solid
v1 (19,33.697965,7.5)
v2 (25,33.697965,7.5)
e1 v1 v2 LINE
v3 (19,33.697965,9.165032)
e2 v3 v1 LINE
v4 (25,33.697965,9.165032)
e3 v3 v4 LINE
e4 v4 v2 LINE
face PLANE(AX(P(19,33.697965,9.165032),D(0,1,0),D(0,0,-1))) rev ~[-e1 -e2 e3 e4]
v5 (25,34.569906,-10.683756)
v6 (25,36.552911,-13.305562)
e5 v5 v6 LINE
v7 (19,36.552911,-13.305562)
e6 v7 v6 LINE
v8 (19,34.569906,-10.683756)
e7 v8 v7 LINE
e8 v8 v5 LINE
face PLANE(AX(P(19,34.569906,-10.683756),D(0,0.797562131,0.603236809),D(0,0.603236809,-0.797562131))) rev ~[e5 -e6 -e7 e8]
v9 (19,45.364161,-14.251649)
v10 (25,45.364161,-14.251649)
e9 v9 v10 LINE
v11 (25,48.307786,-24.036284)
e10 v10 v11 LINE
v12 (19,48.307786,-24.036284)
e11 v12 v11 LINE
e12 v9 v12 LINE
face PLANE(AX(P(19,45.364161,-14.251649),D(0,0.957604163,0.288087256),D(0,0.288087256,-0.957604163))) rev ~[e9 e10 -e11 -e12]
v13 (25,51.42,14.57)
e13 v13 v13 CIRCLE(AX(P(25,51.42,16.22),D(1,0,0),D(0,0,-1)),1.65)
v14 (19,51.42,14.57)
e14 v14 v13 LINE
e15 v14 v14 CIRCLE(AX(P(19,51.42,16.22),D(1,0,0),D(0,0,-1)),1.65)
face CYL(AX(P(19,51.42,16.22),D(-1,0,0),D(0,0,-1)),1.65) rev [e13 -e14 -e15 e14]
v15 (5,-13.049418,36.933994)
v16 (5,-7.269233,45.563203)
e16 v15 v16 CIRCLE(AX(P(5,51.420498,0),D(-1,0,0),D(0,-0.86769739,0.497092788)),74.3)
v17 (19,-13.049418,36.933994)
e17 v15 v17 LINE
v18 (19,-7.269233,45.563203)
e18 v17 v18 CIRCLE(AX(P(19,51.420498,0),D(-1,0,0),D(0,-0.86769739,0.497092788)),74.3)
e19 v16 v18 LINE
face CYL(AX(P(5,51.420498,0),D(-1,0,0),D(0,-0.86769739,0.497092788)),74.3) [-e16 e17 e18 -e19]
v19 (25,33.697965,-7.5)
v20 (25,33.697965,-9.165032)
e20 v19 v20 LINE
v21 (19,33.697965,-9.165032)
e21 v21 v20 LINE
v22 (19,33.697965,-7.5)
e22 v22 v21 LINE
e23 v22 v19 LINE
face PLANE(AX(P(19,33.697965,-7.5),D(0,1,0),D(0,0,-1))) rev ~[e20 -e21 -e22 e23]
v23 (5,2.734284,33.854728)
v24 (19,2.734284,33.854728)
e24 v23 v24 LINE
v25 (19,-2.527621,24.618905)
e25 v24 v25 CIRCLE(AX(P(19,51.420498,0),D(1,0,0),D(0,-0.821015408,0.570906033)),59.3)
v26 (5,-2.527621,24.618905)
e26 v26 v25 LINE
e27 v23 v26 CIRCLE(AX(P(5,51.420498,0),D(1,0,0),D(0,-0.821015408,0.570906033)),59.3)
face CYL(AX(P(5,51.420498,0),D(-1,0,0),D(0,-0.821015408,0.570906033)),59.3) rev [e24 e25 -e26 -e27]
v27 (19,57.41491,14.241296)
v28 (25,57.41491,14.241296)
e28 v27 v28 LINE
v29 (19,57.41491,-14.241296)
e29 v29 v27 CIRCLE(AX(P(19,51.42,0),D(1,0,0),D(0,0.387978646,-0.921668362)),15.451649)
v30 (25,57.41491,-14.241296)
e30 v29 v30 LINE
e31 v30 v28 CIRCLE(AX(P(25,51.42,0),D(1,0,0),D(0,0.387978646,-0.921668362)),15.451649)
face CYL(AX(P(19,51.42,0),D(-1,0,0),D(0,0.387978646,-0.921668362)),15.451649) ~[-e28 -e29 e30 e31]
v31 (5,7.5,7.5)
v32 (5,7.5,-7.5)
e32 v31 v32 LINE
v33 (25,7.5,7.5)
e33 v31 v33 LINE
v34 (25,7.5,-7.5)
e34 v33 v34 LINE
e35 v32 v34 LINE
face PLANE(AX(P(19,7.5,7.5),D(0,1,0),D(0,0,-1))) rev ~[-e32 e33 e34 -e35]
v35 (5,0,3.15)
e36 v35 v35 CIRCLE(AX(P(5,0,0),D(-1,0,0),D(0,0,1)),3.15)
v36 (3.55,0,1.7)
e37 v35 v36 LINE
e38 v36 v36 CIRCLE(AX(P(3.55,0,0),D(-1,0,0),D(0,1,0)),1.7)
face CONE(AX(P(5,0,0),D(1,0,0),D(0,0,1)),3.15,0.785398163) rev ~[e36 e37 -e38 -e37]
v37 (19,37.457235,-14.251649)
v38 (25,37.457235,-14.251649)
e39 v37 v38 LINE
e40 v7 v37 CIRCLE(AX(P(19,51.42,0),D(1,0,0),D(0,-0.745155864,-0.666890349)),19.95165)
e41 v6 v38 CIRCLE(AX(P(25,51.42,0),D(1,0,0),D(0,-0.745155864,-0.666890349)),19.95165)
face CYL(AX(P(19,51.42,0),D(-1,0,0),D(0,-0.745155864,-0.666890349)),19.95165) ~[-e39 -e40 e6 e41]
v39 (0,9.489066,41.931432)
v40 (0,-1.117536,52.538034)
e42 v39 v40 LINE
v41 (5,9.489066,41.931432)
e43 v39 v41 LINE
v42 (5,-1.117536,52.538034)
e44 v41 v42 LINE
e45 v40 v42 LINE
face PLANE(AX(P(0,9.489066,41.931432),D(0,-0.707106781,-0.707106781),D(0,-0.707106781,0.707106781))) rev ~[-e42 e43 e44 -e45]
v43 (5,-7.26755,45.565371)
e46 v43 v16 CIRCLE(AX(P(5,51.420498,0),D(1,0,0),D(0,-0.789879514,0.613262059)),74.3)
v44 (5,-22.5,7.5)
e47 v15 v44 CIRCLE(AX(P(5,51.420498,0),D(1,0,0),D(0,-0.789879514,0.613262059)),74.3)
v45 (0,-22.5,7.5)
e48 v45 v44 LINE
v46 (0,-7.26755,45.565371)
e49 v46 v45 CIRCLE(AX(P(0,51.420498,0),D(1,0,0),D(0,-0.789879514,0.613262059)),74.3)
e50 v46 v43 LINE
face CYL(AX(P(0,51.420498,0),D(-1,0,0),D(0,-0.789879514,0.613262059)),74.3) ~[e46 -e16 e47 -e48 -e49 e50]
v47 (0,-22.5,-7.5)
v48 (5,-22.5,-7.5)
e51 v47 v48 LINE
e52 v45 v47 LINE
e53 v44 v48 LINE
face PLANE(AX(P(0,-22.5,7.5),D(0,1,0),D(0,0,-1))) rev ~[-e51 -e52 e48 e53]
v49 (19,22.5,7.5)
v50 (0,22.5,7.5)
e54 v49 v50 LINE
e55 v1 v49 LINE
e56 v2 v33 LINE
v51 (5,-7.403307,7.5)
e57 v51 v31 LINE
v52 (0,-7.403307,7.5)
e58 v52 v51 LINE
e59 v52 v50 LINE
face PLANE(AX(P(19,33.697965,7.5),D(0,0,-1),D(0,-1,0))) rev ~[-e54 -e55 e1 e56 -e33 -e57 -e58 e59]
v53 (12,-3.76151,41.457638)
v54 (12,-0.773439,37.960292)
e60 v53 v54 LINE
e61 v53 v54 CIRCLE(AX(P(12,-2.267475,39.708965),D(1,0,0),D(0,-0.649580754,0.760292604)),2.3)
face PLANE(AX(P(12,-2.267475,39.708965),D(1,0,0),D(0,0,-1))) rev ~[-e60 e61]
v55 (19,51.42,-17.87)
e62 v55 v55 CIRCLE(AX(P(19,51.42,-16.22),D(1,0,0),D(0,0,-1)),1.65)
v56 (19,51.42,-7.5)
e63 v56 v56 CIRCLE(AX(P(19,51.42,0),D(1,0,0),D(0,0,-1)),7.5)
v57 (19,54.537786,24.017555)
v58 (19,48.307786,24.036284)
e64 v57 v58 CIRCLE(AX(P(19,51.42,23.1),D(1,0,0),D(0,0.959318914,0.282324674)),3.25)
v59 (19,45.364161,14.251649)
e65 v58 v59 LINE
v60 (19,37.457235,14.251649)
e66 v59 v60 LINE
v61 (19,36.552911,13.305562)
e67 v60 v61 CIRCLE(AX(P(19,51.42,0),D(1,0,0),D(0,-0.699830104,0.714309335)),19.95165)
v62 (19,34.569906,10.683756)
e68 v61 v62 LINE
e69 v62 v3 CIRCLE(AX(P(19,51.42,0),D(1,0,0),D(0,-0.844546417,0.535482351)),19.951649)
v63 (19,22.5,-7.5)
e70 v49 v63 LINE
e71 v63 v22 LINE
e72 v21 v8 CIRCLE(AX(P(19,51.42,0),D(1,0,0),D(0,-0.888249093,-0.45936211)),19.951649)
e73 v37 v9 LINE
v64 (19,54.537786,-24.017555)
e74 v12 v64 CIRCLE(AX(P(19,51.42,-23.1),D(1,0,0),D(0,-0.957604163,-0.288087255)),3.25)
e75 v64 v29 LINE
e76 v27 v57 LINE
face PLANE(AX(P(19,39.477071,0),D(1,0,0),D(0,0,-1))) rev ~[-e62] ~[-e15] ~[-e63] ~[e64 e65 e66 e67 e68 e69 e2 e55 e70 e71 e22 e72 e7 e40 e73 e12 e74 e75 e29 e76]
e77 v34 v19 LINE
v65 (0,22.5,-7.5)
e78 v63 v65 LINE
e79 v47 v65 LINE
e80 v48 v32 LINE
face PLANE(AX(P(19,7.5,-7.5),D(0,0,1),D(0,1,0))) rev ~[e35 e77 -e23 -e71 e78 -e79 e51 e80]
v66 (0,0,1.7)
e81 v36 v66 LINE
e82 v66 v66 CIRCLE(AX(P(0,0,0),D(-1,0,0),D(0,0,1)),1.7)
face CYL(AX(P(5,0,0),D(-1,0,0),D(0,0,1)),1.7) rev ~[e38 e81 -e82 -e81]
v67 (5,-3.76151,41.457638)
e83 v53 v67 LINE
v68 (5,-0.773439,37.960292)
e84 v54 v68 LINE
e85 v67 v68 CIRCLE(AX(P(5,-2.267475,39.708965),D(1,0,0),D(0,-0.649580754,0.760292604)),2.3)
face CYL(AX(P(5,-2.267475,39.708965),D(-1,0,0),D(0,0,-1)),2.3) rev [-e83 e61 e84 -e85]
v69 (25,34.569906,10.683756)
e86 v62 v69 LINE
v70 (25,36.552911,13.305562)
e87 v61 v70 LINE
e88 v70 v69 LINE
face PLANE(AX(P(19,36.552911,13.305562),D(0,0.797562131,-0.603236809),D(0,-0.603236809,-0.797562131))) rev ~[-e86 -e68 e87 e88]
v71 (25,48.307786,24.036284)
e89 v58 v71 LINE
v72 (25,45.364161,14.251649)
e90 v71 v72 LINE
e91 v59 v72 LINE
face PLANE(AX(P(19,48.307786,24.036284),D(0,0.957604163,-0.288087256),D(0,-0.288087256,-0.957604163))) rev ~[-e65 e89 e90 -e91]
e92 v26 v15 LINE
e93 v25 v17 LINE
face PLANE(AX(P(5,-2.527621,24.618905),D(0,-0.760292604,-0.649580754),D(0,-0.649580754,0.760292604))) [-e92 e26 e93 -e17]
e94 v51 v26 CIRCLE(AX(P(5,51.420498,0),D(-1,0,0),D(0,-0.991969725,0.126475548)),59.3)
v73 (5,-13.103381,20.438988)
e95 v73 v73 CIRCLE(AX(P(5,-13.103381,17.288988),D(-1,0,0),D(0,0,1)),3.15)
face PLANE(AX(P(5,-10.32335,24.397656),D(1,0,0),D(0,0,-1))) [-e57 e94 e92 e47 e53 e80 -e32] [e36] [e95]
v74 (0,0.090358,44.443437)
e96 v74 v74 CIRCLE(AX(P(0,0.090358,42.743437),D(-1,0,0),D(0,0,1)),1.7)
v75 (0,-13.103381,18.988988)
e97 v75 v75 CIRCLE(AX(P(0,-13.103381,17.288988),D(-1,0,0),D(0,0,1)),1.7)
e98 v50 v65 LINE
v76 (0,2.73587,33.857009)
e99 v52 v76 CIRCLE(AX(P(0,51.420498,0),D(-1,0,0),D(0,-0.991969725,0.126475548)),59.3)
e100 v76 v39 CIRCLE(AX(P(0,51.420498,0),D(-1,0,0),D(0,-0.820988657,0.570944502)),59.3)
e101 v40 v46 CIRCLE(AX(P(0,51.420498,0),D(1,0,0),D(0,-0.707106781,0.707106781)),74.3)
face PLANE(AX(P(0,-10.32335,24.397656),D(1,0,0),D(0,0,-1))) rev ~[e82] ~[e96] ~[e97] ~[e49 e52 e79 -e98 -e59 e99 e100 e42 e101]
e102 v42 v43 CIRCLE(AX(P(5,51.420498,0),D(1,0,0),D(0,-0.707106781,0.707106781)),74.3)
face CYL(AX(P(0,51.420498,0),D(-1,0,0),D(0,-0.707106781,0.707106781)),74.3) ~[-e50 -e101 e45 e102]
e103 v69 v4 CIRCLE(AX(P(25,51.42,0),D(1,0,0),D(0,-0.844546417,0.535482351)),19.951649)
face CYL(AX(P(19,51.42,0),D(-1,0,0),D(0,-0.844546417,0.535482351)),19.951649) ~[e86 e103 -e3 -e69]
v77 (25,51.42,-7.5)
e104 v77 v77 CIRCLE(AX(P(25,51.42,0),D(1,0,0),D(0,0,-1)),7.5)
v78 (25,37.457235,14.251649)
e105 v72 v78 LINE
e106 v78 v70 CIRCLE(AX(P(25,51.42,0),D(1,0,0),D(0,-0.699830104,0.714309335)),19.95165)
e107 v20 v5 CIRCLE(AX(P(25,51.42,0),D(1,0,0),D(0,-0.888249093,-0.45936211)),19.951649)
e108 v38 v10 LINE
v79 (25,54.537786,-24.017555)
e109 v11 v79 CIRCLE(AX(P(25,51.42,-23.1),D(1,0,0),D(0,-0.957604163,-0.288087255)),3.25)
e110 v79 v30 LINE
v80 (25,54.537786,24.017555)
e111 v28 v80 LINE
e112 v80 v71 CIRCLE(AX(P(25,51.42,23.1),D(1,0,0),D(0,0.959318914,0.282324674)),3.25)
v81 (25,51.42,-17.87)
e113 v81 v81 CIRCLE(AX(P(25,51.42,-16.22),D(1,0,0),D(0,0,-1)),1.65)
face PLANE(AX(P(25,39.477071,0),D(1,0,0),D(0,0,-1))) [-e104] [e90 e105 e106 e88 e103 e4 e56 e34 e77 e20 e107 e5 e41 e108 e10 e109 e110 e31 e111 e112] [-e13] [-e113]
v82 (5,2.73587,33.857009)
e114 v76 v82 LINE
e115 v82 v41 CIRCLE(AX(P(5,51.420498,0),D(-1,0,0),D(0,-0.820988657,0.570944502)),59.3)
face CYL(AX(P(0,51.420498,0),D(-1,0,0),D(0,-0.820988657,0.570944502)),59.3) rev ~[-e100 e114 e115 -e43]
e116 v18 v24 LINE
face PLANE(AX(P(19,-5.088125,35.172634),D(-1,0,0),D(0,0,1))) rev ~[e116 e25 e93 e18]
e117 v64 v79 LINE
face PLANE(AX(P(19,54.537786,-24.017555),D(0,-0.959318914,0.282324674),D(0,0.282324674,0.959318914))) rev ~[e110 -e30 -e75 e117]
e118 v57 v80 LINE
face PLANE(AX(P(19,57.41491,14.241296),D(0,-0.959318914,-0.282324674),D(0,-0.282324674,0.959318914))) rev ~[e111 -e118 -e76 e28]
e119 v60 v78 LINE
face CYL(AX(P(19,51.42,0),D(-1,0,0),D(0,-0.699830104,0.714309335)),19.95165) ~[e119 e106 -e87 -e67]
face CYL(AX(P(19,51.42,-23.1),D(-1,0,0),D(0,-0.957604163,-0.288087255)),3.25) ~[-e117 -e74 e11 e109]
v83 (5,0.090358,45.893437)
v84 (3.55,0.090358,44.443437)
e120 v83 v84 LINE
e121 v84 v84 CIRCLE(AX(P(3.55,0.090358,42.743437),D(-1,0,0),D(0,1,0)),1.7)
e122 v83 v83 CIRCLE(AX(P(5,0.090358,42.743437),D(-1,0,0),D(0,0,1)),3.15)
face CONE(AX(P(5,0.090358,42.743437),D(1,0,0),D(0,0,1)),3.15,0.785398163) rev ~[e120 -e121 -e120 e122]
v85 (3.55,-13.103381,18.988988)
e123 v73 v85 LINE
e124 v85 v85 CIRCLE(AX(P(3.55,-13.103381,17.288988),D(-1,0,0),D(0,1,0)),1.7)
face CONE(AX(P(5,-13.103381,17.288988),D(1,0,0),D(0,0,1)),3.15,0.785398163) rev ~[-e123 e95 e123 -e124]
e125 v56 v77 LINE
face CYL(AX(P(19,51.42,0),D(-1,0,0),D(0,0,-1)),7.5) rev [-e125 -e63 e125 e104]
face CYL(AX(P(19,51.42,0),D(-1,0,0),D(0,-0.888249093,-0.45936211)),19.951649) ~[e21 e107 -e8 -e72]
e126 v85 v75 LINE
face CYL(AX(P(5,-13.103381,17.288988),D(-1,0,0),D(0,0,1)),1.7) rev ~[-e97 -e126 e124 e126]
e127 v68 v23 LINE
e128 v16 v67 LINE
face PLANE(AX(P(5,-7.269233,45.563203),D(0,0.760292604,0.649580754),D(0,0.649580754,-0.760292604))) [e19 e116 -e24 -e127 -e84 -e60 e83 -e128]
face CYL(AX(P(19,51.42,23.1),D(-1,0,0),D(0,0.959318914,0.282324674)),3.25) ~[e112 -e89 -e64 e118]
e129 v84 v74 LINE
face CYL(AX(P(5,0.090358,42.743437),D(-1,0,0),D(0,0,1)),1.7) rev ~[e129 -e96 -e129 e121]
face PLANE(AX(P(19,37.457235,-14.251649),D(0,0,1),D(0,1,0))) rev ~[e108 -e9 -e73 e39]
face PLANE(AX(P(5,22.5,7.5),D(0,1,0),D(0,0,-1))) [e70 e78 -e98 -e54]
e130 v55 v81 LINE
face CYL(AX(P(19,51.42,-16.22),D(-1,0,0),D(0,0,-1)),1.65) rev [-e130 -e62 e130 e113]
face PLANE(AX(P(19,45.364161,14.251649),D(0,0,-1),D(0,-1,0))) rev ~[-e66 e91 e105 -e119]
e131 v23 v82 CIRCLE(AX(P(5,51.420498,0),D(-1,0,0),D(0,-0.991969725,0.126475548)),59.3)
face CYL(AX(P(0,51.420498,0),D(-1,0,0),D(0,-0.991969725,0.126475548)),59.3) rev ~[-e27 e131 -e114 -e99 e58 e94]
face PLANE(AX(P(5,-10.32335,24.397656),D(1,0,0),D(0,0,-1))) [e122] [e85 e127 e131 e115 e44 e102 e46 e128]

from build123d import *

# Parameters (mm, degrees)
SKETCH1_W                                       = 15
SKETCH1_H                                       = 45
BOSS_EXTRUDE1_DEPTH                             = 5
SKETCH2_W                                       = 15
SKETCH2_H                                       = 15
BOSS_EXTRUDE2_DEPTH                             = 14
SKETCH3_R                                       = 2.3
CUT_EXTRUDE1_DEPTH                              = 7
SKETCH4_R                                       = 7.5
SKETCH4_R_2                                     = 1.65
BOSS_EXTRUDE3_DEPTH                             = 6
CSK_FOR_M3_FLAT_HEAD_MACHINE_SCREW1_D           = 3.4
CSK_FOR_M3_FLAT_HEAD_MACHINE_SCREW1_DEPTH       = 6.35
CSK_FOR_M3_FLAT_HEAD_MACHINE_SCREW1_CSINK_D     = 6.3
CSK_FOR_M3_FLAT_HEAD_MACHINE_SCREW1_CSINK_ANGLE = 90
CSK_FOR_M3_FLAT_HEAD_MACHINE_SCREW1_TIP         = 1.021463052


with BuildPart() as part:
    # Sketch1 → Boss-Extrude1 (new body)
    with BuildSketch(Plane(origin=(0, 0, 0), x_dir=(0, 0, -1), z_dir=(1, 0, 0))):
        with BuildLine():
            Line((-33.857008974, 2.735870452), (-45.565370995, -7.267550065))
            ThreePointArc((-45.565370995, -7.267550065), (-27.604171468, -17.561381798), (-7.5, -22.5))
            Line((-7.5, -22.5), (-7.5, -7.403306871))
            ThreePointArc((-7.5, -7.403306871), (-21.290873092, -3.925583536), (-33.857008974, 2.735870452))
        make_face()
        Rectangle(SKETCH1_W, SKETCH1_H)
        with BuildLine():
            Line((-41.931432124, 9.489065709), (-52.538033842, -1.117536008))
            ThreePointArc((-52.538033842, -1.117536008), (-49.147992618, -4.301713372), (-45.565370995, -7.267550065))
            Line((-45.565370995, -7.267550065), (-33.857008974, 2.735870452))
            ThreePointArc((-33.857008974, 2.735870452), (-38.044360457, 5.932954073), (-41.931432124, 9.489065709))
        make_face()
    extrude(amount=BOSS_EXTRUDE1_DEPTH)

    # Sketch2 → Boss-Extrude2 (add)
    with BuildSketch(Plane(origin=(5, 0, 0), x_dir=(0, 0, -1), z_dir=(1, 0, 0))):
        with BuildLine():
            Line((-45.563203072, -7.269233174), (-33.854727787, 2.734284113))
            ThreePointArc((-33.854727787, 2.734284113), (-29.354954434, -0.104026911), (-24.61890521, -2.52762082))
            Line((-24.61890521, -2.52762082), (-36.933994133, -13.049418231))
            ThreePointArc((-36.933994133, -13.049418231), (-41.349722145, -10.310292527), (-45.563203072, -7.269233174))
        make_face()
        with Locations((0, 15)):
            Rectangle(SKETCH2_W, SKETCH2_H)
    extrude(amount=BOSS_EXTRUDE2_DEPTH)

    # Sketch3 → Cut-Extrude1 (cut)
    with BuildSketch(Plane(origin=(5, 0, 0), x_dir=(0, 0, -1), z_dir=(1, 0, 0))):
        with Locations((-39.70896543, -2.267474531)):
            Circle(SKETCH3_R)
    extrude(amount=CUT_EXTRUDE1_DEPTH, mode=Mode.SUBTRACT)

    # Sketch4 → Boss-Extrude3 (add)
    with BuildSketch(Plane(origin=(19, 0, 0), x_dir=(0, 0, -1), z_dir=(1, 0, 0))):
        with BuildLine():
            Line((-7.5, 33.697965455), (-7.5, 7.5))
            Line((-7.5, 7.5), (7.5, 7.5))
            Line((7.5, 7.5), (7.5, 33.697965455))
            Line((7.5, 33.697965455), (9.165031814, 33.697965455))
            ThreePointArc((9.165031814, 33.697965455), (9.933965272, 34.117264651), (10.683756157, 34.569905907))
            Line((10.683756157, 34.569905907), (13.30556247, 36.552911383))
            ThreePointArc((13.30556247, 36.552911383), (13.786023096, 36.997313573), (14.25164947, 37.457235089))
            Line((14.25164947, 37.457235089), (14.25164947, 45.3641606))
            Line((14.25164947, 45.3641606), (24.03628358, 48.30778647))
            ThreePointArc((24.03628358, 48.30778647), (26.349985315, 51.429769983), (24.017555191, 54.53778647))
            Line((24.017555191, 54.53778647), (14.241296463, 57.414910041))
            ThreePointArc((14.241296463, 57.414910041), (0, 66.87164947), (-14.241296463, 57.414910041))
            Line((-14.241296463, 57.414910041), (-24.017555191, 54.53778647))
            ThreePointArc((-24.017555191, 54.53778647), (-26.349985315, 51.429769983), (-24.03628358, 48.30778647))
            Line((-24.03628358, 48.30778647), (-14.25164947, 45.3641606))
            Line((-14.25164947, 45.3641606), (-14.25164947, 37.457235089))
            ThreePointArc((-14.25164947, 37.457235089), (-13.786023096, 36.997313573), (-13.30556247, 36.552911383))
            Line((-13.30556247, 36.552911383), (-10.683756157, 34.569905907))
            ThreePointArc((-10.683756157, 34.569905907), (-9.933965272, 34.117264651), (-9.165031814, 33.697965455))
            Line((-9.165031814, 33.697965455), (-7.5, 33.697965455))
        make_face()
        with Locations((0, 51.42)):
            Circle(SKETCH4_R, mode=Mode.SUBTRACT)
        with Locations((16.22, 51.42)):
            Circle(SKETCH4_R_2, mode=Mode.SUBTRACT)
        with Locations((-16.22, 51.42)):
            Circle(SKETCH4_R_2, mode=Mode.SUBTRACT)
    extrude(amount=BOSS_EXTRUDE3_DEPTH)

    # CSK for M3 Flat Head Machine Screw1
    with Locations(Plane(origin=(5, 0, 0), x_dir=(0, 0, -1), z_dir=(1, 0, 0))):
        with Locations((-42.74343682, 0.09035829), (-17.288987754, -13.103380711), (0, 0), (0, 51.42)):
            CounterSinkHole(CSK_FOR_M3_FLAT_HEAD_MACHINE_SCREW1_D / 2, CSK_FOR_M3_FLAT_HEAD_MACHINE_SCREW1_CSINK_D / 2, depth=CSK_FOR_M3_FLAT_HEAD_MACHINE_SCREW1_DEPTH, counter_sink_angle=CSK_FOR_M3_FLAT_HEAD_MACHINE_SCREW1_CSINK_ANGLE)
            with Locations((0, 0, -(CSK_FOR_M3_FLAT_HEAD_MACHINE_SCREW1_DEPTH + CSK_FOR_M3_FLAT_HEAD_MACHINE_SCREW1_TIP / 2))):  # 118° drill point
                Cone(0, CSK_FOR_M3_FLAT_HEAD_MACHINE_SCREW1_D / 2, CSK_FOR_M3_FLAT_HEAD_MACHINE_SCREW1_TIP, mode=Mode.SUBTRACT)


solid = part.part
